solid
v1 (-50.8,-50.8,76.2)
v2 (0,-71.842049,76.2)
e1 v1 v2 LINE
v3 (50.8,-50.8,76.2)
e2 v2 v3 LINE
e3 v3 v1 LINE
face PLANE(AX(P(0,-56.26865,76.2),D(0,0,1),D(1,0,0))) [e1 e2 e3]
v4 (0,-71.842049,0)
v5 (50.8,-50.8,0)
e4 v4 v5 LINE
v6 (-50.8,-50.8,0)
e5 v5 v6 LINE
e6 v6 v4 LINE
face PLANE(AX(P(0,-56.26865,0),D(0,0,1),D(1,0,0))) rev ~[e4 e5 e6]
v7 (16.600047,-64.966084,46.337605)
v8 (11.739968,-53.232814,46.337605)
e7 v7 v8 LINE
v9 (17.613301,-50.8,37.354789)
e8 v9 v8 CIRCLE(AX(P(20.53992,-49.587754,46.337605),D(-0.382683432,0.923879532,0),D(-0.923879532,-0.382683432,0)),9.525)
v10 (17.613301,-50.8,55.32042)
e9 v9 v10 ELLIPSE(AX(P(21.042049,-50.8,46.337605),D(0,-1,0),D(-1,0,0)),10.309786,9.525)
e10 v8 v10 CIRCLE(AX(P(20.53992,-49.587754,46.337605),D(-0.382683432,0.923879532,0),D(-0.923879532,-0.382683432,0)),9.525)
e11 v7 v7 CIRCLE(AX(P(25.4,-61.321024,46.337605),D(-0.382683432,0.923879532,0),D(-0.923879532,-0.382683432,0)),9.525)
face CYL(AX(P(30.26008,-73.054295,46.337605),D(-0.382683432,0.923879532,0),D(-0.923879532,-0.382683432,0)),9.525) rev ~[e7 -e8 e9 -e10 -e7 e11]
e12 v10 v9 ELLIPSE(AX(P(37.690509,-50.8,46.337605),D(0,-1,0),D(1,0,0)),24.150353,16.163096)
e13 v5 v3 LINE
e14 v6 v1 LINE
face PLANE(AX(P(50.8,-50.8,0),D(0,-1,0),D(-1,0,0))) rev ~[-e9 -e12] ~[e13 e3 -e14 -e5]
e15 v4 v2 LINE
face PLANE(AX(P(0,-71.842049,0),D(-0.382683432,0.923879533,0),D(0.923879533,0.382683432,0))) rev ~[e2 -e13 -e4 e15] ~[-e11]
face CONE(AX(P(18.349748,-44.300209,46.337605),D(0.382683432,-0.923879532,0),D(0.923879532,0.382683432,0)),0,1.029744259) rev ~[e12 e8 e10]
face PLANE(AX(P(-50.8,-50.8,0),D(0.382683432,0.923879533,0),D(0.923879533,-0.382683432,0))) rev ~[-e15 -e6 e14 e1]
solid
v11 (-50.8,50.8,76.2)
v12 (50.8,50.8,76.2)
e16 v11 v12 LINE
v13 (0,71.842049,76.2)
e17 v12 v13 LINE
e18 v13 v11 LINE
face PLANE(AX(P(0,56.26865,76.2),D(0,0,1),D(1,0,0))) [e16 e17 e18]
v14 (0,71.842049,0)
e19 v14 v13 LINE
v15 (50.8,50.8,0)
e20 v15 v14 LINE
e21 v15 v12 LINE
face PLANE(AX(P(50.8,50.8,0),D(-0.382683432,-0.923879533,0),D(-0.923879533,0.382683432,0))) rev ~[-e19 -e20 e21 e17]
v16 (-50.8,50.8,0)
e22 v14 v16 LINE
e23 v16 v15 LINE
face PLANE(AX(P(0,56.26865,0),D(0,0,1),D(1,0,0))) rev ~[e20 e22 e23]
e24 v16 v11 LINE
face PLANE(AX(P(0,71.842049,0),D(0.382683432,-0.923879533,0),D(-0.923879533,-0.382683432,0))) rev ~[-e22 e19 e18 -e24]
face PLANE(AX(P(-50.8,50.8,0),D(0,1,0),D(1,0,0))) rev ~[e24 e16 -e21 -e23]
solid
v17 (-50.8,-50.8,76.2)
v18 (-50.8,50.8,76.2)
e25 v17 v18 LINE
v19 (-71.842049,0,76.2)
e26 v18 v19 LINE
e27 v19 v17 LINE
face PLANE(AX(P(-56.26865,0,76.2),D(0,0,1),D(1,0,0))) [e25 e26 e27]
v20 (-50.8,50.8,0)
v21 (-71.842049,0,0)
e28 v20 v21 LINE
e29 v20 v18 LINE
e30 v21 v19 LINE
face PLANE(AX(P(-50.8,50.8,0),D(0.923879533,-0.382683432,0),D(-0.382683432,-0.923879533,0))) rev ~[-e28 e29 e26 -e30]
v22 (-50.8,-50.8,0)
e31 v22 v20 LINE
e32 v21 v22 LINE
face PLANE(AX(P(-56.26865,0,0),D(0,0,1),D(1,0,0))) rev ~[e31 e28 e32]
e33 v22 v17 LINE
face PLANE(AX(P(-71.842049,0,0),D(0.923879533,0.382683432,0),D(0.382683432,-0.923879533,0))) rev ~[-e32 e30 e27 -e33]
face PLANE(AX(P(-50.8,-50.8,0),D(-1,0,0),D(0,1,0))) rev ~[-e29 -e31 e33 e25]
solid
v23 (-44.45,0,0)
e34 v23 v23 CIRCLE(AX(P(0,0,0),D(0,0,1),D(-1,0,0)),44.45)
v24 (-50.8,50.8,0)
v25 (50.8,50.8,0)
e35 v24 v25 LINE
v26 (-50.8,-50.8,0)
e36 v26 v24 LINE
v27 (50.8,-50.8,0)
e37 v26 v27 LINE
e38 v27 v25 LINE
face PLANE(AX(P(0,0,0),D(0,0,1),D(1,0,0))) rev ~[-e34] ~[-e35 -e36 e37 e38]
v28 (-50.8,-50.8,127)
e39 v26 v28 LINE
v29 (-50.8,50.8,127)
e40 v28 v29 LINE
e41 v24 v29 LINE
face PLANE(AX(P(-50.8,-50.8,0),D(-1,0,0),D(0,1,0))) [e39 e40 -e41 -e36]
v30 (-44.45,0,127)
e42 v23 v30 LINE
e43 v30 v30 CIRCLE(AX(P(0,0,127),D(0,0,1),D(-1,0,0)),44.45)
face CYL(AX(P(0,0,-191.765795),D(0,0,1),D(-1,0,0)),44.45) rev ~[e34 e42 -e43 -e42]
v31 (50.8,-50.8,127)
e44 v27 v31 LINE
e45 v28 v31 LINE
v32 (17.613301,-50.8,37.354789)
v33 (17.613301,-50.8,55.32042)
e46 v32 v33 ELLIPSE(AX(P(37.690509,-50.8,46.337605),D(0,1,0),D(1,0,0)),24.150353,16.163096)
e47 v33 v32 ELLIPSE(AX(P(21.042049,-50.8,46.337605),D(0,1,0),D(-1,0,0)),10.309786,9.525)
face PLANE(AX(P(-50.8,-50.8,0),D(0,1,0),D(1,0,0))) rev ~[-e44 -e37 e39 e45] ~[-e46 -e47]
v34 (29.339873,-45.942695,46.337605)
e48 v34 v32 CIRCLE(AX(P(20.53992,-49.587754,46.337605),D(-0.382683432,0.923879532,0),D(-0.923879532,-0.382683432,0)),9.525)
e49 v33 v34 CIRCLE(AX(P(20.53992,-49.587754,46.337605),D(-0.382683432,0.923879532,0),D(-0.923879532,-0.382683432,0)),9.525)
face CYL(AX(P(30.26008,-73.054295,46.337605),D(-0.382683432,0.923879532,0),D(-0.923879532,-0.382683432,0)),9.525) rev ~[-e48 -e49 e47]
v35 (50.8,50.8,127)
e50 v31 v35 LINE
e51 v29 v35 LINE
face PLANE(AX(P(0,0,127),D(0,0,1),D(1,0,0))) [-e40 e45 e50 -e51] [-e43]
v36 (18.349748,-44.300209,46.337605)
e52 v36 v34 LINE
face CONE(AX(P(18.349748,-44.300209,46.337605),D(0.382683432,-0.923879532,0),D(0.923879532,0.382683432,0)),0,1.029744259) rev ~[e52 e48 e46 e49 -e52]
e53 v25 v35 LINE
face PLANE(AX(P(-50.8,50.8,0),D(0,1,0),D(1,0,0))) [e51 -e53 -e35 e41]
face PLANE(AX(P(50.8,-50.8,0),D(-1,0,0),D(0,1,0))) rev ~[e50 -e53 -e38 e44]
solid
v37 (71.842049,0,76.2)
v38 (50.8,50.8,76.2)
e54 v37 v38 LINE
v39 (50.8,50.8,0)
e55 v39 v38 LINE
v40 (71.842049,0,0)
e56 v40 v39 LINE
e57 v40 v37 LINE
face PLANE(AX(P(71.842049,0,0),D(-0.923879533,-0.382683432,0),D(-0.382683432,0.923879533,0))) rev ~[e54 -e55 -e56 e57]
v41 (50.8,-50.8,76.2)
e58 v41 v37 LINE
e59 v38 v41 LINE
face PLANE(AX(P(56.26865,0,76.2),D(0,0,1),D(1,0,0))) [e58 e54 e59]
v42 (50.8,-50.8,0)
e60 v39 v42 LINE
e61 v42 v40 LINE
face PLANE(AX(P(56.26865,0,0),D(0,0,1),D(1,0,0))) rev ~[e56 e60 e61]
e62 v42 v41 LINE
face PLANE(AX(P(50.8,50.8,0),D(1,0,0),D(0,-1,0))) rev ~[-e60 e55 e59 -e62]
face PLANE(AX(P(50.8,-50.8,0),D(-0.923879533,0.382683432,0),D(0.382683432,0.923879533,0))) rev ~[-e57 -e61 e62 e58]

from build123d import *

# Parameters (mm, degrees)
F1_DEPTH   = 76.2
F0_W       = 101.6
F0_H       = 101.6
F2_DEPTH   = 127
F3_D       = 88.9
F5_D       = 19.05
F5_DEPTH   = 12.7
F5_TIP     = 5.7231973962
F5_2_D     = 19.05
F5_2_DEPTH = 12.7
F5_2_TIP   = 5.7231973962


with BuildPart() as f1:
    # F0 (on Top) → F1 (new body)
    with BuildSketch(Plane.XY):
        Polygon((0, -71.8420489686), (50.8, -50.8), (-50.8, -50.8), align=None)
    extrude(amount=F1_DEPTH)

    # F5
    with Locations(Plane(origin=(25.4, -61.3210244843, 0), x_dir=(0.9238795325, 0.3826834324, 0), z_dir=(0.3826834324, -0.9238795325, 0))):
        with Locations((0, 46.3376045227)):
            Hole(F5_D / 2, depth=F5_DEPTH)
            with Locations((0, 0, -(F5_DEPTH + F5_TIP / 2))):  # 118° drill point
                Cone(0, F5_D / 2, F5_TIP, mode=Mode.SUBTRACT)


with BuildPart() as f1b:
    # F0 (on Top) → F1, piece 2 (new body)
    with BuildSketch(Plane.XY):
        Polygon((-50.8, 50.8), (50.8, 50.8), (0, 71.8420489686), align=None)
    extrude(amount=F1_DEPTH)


with BuildPart() as f1c:
    # F0 (on Top) → F1, piece 3 (new body)
    with BuildSketch(Plane.XY):
        Polygon((50.8, 50.8), (50.8, -50.8), (71.8420489686, 0), align=None)
    extrude(amount=F1_DEPTH)


with BuildPart() as f1d:
    # F0 (on Top) → F1, piece 4 (new body)
    with BuildSketch(Plane.XY):
        Polygon((-71.8420489686, 0), (-50.8, -50.8), (-50.8, 50.8), align=None)
    extrude(amount=F1_DEPTH)


with BuildPart() as f2:
    # F0 (on Top) → F2 (new body)
    with BuildSketch(Plane.XY):
        Rectangle(F0_W, F0_H)
    extrude(amount=F2_DEPTH)

    # F3 (through all)
    with Locations(Plane(origin=(0, 0, 0), x_dir=(1, 0, 0), z_dir=(0, 0, -1))):
        with Locations((0, 0)):
            Hole(F3_D / 2)

    # F5#2
    with Locations(Plane(origin=(25.4, -61.3210244843, 0), x_dir=(0.9238795325, 0.3826834324, 0), z_dir=(0.3826834324, -0.9238795325, 0))):
        with Locations((0, 46.3376045227)):
            Hole(F5_2_D / 2, depth=F5_2_DEPTH)
            with Locations((0, 0, -(F5_2_DEPTH + F5_2_TIP / 2))):  # 118° drill point
                Cone(0, F5_2_D / 2, F5_2_TIP, mode=Mode.SUBTRACT)


solid = Compound([f1.part, f1b.part, f1c.part, f1d.part, f2.part])
